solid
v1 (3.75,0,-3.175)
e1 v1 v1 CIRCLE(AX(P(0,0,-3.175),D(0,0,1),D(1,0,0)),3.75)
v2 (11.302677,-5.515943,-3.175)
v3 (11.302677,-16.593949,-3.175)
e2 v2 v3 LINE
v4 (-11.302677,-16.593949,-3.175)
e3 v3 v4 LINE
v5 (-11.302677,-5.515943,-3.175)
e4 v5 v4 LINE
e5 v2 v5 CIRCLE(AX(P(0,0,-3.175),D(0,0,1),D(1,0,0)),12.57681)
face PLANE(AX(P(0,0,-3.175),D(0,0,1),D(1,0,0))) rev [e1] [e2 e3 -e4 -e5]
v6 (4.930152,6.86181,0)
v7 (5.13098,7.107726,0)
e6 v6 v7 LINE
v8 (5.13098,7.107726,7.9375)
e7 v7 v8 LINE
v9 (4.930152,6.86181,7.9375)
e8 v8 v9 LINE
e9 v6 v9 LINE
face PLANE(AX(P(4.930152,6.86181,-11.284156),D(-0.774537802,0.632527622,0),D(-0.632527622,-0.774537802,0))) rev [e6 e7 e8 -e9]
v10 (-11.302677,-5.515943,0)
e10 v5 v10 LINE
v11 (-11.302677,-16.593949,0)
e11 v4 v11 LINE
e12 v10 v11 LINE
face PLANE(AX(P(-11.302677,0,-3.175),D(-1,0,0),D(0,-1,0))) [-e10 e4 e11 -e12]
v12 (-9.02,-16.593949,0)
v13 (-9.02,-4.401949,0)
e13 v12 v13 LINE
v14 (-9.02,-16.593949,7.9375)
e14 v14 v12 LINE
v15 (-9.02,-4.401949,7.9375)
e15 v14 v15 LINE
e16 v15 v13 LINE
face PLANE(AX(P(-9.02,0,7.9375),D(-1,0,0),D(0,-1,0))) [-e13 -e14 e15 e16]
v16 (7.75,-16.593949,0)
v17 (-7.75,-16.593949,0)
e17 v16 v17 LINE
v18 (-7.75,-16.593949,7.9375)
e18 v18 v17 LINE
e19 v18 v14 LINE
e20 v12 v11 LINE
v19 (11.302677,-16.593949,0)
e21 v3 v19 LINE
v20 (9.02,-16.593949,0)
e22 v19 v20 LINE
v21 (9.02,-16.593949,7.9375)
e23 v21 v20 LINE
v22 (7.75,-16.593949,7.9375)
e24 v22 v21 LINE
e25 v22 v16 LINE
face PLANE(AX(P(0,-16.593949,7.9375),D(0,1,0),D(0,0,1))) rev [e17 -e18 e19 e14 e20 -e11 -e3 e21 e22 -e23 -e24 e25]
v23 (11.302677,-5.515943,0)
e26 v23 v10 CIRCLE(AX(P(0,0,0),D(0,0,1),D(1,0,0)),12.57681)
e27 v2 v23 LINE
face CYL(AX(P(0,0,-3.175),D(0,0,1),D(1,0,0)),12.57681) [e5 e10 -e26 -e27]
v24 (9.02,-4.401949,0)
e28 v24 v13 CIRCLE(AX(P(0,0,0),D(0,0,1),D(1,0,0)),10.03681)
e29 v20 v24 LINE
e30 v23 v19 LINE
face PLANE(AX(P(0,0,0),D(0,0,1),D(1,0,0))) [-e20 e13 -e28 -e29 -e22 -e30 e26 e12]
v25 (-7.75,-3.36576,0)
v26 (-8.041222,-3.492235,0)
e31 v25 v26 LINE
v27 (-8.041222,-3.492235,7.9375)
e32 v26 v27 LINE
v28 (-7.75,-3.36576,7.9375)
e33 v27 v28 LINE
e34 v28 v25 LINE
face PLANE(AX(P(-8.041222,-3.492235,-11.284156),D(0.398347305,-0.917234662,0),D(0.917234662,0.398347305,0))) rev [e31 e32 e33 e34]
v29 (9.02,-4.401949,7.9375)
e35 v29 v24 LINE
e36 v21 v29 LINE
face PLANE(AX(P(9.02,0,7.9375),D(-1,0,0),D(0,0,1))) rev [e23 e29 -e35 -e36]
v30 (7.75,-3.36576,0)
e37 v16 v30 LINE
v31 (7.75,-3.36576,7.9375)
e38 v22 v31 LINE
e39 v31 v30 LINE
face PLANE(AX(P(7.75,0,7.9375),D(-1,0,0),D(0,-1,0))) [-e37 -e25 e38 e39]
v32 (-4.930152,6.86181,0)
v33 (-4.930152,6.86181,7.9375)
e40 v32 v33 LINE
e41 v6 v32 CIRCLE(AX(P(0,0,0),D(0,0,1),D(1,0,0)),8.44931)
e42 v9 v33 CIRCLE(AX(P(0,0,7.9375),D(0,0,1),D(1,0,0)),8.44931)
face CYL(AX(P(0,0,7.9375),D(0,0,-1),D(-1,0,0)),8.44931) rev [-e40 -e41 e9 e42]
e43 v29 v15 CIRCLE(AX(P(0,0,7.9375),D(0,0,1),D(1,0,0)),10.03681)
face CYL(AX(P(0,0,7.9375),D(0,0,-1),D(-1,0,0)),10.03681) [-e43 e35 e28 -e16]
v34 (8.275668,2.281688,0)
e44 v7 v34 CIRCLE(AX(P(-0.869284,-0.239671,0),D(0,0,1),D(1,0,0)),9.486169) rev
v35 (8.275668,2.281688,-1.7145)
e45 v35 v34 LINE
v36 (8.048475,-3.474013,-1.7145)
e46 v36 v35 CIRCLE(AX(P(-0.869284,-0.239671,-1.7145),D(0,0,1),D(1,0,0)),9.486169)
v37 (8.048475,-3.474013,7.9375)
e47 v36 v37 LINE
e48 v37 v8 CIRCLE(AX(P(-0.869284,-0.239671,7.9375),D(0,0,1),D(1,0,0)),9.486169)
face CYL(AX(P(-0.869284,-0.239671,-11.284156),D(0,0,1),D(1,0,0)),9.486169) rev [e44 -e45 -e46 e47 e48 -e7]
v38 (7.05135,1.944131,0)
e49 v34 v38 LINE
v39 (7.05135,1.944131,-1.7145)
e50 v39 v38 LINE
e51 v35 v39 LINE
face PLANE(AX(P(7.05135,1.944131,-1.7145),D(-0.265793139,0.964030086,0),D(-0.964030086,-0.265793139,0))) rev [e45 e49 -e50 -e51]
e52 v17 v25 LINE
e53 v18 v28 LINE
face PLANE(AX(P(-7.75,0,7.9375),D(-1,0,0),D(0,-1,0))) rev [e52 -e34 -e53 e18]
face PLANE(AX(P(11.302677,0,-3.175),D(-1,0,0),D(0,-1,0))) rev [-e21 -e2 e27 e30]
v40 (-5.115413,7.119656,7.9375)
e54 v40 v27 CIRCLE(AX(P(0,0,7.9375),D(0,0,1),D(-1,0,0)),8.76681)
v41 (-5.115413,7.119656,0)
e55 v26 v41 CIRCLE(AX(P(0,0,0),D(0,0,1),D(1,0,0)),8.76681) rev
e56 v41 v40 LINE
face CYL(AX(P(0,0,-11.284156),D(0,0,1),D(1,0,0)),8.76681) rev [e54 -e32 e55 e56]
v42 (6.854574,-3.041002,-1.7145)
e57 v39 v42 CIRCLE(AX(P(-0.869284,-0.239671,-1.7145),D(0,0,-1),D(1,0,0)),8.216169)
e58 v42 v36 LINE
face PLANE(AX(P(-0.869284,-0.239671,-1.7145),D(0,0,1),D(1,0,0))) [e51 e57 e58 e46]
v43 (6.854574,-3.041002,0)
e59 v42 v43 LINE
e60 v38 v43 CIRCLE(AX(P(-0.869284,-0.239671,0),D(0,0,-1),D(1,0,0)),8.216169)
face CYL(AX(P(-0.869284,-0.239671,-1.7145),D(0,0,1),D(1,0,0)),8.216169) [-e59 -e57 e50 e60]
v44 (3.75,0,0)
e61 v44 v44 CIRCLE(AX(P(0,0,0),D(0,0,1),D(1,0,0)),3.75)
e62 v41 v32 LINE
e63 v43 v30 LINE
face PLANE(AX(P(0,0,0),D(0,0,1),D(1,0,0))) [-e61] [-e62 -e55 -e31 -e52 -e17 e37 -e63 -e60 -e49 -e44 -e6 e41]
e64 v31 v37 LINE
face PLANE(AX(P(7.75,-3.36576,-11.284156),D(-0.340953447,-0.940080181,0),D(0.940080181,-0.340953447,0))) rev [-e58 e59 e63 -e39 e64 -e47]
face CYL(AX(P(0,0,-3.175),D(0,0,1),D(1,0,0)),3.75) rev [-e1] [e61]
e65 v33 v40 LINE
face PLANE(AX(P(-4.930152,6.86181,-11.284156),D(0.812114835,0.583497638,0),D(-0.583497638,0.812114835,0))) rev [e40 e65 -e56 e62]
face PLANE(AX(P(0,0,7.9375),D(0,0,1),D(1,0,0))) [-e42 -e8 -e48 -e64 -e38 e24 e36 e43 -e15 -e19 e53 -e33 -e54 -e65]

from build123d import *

# Parameters (mm, degrees)
SALIENTE_EXTRUIR1_DEPTH = 7.9375
CROQUIS4_R              = 3.75
SALIENTE_EXTRUIR5_DEPTH = 3.175
CORTAR_EXTRUIR2_DEPTH   = 7.9375
CORTAR_EXTRUIR1_DEPTH   = 1.7145


with BuildPart() as part:
    # Croquis1 → Saliente-Extruir1 (new body)
    with BuildSketch(Plane.XY):
        with BuildLine():
            Line((9.02, -8.199999983), (9.02, -4.401948997))
            ThreePointArc((9.02, -4.401948997), (0, 10.03681), (-9.02, -4.401948997))
            Line((-9.02, -4.401948997), (-9.02, -8.465948997))
            Line((-9.02, -8.465948997), (-9.02, -16.593948997))
            Line((-9.02, -16.593948997), (-7.75, -16.593948997))
            Line((-7.75, -16.593948997), (-7.75, -8.465948997))
            Line((-7.75, -8.465948997), (-7.75, -3.365759866))
            ThreePointArc((-7.75, -3.365759866), (0, 8.44931), (7.75, -3.365759866))
            Line((7.75, -3.365759866), (7.75, -8.199999983))
            Line((7.75, -8.199999983), (7.75, -16.593948997))
            Line((7.75, -16.593948997), (9.02, -16.593948997))
            Line((9.02, -16.593948997), (9.02, -8.199999983))
        make_face()
    extrude(amount=SALIENTE_EXTRUIR1_DEPTH)

    # Croquis4 → Saliente-Extruir5 (add)
    with BuildSketch(Plane.XY):
        with BuildLine():
            Line((-11.302677464, -5.515943429), (-11.302677464, -16.593948997))
            Line((-11.302677464, -16.593948997), (-9.02, -16.593948997))
            Line((-9.02, -16.593948997), (9.02, -16.593948997))
            Line((9.02, -16.593948997), (11.302677464, -16.593948997))
            Line((11.302677464, -16.593948997), (11.302677464, -5.515943429))
            ThreePointArc((11.302677464, -5.515943429), (0, 12.57681), (-11.302677464, -5.515943429))
        make_face()
        Circle(CROQUIS4_R, mode=Mode.SUBTRACT)
    extrude(amount=-SALIENTE_EXTRUIR5_DEPTH)

    # Croquis6 → Cortar-Extruir2 (cut)
    with BuildSketch(Plane.XY.offset(7.9375)):
        with BuildLine():
            Line((-8.041222005, -3.492235135), (-7.75, -3.365759866))
            ThreePointArc((-7.75, -3.365759866), (-8.145389049, 2.245768624), (-4.930152432, 6.86181))
            Line((-4.930152432, 6.86181), (-5.115412932, 7.11965646))
            ThreePointArc((-5.115412932, 7.11965646), (-8.451468602, 2.330157945), (-8.041222005, -3.492235135))
        make_face()
        with BuildLine():
            Line((7.75, -3.365759866), (8.048475458, -3.474012585))
            ThreePointArc((8.048475458, -3.474012585), (8.275668302, 2.281687971), (5.130979952, 7.107725752))
            Line((5.130979952, 7.107725752), (4.930152432, 6.86181))
            ThreePointArc((4.930152432, 6.86181), (7.96958875, 2.19729865), (7.75, -3.365759866))
        make_face()
    extrude(amount=-CORTAR_EXTRUIR2_DEPTH, mode=Mode.SUBTRACT)

    # Croquis5 → Cortar-Extruir1 (cut)
    with BuildSketch(Plane.XY):
        with BuildLine():
            Line((6.854573627, -3.041001708), (8.048475458, -3.474012585))
            ThreePointArc((8.048475458, -3.474012585), (8.609503442, -0.613823624), (8.275668302, 2.281687971))
            Line((8.275668302, 2.281687971), (7.051350093, 1.944130685))
            ThreePointArc((7.051350093, 1.944130685), (7.340491675, -0.563732346), (6.854573627, -3.041001708))
        make_face()
    extrude(amount=-CORTAR_EXTRUIR1_DEPTH, mode=Mode.SUBTRACT)


solid = part.part
